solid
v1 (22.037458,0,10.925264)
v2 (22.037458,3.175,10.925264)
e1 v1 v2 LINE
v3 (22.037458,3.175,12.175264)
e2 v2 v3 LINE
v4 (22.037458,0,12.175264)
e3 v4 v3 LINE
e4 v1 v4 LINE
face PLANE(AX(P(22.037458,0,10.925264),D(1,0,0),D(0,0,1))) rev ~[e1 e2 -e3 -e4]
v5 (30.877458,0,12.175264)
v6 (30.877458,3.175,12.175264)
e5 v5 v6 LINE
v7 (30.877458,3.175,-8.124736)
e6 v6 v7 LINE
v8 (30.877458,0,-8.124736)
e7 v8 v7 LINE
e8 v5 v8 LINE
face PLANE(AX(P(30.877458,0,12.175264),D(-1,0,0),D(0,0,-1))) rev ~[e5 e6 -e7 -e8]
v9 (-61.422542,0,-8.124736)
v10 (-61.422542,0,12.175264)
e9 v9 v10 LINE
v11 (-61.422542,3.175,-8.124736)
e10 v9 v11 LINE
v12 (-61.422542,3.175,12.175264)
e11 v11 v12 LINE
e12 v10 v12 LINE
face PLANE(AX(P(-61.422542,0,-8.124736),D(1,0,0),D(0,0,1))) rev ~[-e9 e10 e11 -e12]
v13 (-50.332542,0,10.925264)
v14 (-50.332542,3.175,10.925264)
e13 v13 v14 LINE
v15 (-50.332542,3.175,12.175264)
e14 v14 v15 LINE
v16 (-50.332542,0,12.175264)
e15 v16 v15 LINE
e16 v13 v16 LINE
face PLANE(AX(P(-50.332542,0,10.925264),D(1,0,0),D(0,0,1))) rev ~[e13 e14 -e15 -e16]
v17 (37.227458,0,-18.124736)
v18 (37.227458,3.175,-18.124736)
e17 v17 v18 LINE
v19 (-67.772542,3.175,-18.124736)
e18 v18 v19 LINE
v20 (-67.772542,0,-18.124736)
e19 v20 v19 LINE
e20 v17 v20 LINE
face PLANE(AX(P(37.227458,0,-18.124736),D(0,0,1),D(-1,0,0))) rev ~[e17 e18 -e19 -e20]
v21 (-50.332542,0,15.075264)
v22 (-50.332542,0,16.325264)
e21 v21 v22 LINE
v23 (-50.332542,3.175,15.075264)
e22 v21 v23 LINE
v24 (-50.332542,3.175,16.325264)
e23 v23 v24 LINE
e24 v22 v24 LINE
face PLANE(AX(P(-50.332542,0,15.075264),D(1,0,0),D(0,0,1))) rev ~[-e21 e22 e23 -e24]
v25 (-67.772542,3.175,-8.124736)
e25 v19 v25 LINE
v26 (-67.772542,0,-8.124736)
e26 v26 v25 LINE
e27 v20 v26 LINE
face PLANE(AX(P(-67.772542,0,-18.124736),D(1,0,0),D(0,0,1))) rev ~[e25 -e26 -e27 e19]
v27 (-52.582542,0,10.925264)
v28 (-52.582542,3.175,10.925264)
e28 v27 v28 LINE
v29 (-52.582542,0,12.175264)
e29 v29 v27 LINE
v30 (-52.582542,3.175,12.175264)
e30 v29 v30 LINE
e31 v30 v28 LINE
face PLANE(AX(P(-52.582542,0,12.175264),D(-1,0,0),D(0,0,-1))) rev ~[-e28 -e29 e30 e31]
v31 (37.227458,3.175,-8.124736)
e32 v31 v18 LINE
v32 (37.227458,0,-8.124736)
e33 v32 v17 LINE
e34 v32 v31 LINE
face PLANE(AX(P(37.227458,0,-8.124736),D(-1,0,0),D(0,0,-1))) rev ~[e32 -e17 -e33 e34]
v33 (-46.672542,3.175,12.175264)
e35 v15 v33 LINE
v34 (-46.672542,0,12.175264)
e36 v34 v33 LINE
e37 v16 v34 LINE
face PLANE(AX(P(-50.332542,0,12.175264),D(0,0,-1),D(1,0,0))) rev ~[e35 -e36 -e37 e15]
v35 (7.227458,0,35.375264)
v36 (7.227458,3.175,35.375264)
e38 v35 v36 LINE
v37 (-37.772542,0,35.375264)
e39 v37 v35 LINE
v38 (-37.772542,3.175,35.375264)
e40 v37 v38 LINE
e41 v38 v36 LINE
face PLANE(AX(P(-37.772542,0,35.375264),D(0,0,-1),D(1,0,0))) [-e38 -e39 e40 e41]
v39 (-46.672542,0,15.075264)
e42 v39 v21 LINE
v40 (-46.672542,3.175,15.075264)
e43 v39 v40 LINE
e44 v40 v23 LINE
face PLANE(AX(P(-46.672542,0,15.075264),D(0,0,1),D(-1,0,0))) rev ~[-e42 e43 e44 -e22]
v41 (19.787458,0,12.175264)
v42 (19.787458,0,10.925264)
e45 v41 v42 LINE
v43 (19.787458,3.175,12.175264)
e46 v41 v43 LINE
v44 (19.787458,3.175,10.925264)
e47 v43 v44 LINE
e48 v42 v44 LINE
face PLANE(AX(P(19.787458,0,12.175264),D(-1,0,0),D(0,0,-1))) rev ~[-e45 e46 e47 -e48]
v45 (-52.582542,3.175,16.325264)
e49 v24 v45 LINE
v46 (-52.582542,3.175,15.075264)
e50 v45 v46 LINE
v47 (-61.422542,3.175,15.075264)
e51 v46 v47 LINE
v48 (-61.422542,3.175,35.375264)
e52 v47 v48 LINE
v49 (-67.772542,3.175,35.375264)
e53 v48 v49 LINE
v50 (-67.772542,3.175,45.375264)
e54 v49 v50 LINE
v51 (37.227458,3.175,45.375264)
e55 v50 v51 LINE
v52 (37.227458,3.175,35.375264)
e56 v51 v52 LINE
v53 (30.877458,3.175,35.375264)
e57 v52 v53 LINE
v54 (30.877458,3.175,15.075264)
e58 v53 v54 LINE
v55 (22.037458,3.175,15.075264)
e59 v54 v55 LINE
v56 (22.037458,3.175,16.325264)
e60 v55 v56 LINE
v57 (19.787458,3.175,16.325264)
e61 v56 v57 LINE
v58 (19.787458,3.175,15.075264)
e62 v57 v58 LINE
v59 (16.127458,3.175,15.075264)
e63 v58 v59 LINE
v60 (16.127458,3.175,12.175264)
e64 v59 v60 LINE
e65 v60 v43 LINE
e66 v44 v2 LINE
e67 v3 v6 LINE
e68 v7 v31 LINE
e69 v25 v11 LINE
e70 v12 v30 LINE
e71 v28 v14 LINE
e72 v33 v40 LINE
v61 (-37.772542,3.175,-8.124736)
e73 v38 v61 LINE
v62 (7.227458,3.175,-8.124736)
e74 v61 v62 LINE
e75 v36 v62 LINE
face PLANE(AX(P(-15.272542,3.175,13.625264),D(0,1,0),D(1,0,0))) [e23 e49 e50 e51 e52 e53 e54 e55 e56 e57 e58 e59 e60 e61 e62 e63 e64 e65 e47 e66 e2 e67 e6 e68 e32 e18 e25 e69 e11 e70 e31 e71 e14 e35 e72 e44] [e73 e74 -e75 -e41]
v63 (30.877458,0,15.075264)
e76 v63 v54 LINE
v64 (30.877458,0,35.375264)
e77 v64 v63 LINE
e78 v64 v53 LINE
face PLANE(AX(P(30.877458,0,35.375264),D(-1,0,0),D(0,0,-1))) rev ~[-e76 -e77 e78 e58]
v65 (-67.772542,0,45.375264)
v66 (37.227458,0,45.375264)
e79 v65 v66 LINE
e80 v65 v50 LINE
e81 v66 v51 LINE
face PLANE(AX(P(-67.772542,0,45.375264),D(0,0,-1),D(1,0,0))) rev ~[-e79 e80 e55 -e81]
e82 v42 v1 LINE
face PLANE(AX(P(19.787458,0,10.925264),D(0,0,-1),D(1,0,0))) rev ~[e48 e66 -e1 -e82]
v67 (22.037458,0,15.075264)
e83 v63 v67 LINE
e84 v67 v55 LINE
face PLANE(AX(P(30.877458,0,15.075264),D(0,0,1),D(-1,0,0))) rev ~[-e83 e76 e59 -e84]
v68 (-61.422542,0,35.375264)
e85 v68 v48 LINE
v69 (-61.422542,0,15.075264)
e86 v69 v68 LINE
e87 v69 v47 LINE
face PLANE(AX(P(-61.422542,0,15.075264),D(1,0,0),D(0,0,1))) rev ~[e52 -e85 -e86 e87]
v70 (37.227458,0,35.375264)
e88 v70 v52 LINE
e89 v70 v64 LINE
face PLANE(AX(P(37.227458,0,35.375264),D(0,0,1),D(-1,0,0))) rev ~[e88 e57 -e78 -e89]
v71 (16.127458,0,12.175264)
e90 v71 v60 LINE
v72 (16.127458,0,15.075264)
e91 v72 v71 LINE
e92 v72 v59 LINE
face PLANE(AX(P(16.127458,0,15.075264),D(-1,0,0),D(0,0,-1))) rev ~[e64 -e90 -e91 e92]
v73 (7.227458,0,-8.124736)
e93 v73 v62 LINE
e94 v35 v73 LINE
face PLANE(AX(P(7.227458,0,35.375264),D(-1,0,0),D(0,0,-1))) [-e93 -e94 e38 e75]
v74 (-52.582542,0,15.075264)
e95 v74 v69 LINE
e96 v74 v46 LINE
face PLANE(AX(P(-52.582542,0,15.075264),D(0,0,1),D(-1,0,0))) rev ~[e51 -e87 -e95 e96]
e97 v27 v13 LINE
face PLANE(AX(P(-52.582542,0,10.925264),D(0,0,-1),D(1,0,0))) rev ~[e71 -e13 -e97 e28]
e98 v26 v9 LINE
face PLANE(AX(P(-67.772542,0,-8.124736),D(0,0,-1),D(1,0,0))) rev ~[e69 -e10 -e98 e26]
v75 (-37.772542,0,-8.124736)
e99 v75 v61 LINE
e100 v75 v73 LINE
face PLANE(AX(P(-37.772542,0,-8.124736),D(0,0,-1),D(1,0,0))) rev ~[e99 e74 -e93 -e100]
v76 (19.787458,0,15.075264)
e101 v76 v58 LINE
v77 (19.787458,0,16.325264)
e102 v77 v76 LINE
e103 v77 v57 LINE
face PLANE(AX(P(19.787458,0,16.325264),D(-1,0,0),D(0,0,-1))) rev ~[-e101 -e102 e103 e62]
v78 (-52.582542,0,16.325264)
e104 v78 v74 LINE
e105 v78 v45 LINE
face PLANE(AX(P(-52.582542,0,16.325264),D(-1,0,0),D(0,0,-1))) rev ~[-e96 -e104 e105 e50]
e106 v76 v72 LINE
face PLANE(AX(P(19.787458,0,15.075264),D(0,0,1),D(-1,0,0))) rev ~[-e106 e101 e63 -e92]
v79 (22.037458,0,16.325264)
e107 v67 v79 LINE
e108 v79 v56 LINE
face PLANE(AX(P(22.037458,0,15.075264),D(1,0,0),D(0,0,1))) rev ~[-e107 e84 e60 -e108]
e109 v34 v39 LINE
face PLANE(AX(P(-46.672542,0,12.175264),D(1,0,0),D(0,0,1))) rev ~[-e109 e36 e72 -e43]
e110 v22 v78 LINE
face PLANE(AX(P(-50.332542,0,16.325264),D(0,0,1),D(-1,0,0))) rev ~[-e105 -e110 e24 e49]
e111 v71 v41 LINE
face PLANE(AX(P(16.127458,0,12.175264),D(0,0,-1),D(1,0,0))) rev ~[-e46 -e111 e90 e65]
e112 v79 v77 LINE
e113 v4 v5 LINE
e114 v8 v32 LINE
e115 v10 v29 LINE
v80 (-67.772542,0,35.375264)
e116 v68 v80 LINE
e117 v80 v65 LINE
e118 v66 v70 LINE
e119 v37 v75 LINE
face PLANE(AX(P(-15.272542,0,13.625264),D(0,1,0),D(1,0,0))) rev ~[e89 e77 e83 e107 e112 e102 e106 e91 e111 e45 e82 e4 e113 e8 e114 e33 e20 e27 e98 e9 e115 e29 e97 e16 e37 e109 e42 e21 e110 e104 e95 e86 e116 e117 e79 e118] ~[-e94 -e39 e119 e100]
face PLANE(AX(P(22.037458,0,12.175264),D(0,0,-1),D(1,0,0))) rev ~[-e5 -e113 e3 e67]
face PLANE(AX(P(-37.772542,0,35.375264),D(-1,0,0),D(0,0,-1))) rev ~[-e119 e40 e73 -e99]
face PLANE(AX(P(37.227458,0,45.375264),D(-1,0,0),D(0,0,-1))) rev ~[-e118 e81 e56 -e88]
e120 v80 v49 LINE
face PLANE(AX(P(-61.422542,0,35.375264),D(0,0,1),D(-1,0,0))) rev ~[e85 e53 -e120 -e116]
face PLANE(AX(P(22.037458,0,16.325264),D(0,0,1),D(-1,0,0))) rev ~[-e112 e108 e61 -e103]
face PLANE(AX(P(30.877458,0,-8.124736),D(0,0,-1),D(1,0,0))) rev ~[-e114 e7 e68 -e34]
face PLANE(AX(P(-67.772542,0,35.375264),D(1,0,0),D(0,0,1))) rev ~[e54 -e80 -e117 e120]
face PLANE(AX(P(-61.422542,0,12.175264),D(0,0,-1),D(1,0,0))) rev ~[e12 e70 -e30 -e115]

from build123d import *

# Parameters (mm, degrees)
SKETCH1_W      = 45
SKETCH1_H      = 43.5
EXTRUDE1_DEPTH = 3.175


with BuildPart() as part:
    # Sketch1 → Extrude1 (new body)
    with BuildSketch(Plane(origin=(0, 0, 0), x_dir=(1, 0, 0), z_dir=(0, 1, 0))):
        Polygon((37.227457893, -45.375264395), (37.227457893, -35.375264395), (30.877457893, -35.375264395), (30.877457893, -15.075264395), (22.037457893, -15.075264395), (22.037457893, -16.325264395), (19.787457893, -16.325264395), (19.787457893, -15.075264395), (16.127457893, -15.075264395), (16.127457893, -12.175264395), (19.787457893, -12.175264395), (19.787457893, -10.925264395), (22.037457893, -10.925264395), (22.037457893, -12.175264395), (30.877457893, -12.175264395), (30.877457893, 8.124735605), (37.227457893, 8.124735605), (37.227457893, 18.124735605), (-67.772542107, 18.124735605), (-67.772542107, 8.124735605), (-61.422542107, 8.124735605), (-61.422542107, -12.175264395), (-52.582542107, -12.175264395), (-52.582542107, -10.925264395), (-50.332542107, -10.925264395), (-50.332542107, -12.175264395), (-46.672542107, -12.175264395), (-46.672542107, -15.075264395), (-50.332542107, -15.075264395), (-50.332542107, -16.325264395), (-52.582542107, -16.325264395), (-52.582542107, -15.075264395), (-61.422542107, -15.075264395), (-61.422542107, -35.375264395), (-67.772542107, -35.375264395), (-67.772542107, -45.375264395), align=None)
        with Locations((-15.272542107, -13.625264395)):
            Rectangle(SKETCH1_W, SKETCH1_H, mode=Mode.SUBTRACT)
    extrude(amount=EXTRUDE1_DEPTH)


solid = part.part
